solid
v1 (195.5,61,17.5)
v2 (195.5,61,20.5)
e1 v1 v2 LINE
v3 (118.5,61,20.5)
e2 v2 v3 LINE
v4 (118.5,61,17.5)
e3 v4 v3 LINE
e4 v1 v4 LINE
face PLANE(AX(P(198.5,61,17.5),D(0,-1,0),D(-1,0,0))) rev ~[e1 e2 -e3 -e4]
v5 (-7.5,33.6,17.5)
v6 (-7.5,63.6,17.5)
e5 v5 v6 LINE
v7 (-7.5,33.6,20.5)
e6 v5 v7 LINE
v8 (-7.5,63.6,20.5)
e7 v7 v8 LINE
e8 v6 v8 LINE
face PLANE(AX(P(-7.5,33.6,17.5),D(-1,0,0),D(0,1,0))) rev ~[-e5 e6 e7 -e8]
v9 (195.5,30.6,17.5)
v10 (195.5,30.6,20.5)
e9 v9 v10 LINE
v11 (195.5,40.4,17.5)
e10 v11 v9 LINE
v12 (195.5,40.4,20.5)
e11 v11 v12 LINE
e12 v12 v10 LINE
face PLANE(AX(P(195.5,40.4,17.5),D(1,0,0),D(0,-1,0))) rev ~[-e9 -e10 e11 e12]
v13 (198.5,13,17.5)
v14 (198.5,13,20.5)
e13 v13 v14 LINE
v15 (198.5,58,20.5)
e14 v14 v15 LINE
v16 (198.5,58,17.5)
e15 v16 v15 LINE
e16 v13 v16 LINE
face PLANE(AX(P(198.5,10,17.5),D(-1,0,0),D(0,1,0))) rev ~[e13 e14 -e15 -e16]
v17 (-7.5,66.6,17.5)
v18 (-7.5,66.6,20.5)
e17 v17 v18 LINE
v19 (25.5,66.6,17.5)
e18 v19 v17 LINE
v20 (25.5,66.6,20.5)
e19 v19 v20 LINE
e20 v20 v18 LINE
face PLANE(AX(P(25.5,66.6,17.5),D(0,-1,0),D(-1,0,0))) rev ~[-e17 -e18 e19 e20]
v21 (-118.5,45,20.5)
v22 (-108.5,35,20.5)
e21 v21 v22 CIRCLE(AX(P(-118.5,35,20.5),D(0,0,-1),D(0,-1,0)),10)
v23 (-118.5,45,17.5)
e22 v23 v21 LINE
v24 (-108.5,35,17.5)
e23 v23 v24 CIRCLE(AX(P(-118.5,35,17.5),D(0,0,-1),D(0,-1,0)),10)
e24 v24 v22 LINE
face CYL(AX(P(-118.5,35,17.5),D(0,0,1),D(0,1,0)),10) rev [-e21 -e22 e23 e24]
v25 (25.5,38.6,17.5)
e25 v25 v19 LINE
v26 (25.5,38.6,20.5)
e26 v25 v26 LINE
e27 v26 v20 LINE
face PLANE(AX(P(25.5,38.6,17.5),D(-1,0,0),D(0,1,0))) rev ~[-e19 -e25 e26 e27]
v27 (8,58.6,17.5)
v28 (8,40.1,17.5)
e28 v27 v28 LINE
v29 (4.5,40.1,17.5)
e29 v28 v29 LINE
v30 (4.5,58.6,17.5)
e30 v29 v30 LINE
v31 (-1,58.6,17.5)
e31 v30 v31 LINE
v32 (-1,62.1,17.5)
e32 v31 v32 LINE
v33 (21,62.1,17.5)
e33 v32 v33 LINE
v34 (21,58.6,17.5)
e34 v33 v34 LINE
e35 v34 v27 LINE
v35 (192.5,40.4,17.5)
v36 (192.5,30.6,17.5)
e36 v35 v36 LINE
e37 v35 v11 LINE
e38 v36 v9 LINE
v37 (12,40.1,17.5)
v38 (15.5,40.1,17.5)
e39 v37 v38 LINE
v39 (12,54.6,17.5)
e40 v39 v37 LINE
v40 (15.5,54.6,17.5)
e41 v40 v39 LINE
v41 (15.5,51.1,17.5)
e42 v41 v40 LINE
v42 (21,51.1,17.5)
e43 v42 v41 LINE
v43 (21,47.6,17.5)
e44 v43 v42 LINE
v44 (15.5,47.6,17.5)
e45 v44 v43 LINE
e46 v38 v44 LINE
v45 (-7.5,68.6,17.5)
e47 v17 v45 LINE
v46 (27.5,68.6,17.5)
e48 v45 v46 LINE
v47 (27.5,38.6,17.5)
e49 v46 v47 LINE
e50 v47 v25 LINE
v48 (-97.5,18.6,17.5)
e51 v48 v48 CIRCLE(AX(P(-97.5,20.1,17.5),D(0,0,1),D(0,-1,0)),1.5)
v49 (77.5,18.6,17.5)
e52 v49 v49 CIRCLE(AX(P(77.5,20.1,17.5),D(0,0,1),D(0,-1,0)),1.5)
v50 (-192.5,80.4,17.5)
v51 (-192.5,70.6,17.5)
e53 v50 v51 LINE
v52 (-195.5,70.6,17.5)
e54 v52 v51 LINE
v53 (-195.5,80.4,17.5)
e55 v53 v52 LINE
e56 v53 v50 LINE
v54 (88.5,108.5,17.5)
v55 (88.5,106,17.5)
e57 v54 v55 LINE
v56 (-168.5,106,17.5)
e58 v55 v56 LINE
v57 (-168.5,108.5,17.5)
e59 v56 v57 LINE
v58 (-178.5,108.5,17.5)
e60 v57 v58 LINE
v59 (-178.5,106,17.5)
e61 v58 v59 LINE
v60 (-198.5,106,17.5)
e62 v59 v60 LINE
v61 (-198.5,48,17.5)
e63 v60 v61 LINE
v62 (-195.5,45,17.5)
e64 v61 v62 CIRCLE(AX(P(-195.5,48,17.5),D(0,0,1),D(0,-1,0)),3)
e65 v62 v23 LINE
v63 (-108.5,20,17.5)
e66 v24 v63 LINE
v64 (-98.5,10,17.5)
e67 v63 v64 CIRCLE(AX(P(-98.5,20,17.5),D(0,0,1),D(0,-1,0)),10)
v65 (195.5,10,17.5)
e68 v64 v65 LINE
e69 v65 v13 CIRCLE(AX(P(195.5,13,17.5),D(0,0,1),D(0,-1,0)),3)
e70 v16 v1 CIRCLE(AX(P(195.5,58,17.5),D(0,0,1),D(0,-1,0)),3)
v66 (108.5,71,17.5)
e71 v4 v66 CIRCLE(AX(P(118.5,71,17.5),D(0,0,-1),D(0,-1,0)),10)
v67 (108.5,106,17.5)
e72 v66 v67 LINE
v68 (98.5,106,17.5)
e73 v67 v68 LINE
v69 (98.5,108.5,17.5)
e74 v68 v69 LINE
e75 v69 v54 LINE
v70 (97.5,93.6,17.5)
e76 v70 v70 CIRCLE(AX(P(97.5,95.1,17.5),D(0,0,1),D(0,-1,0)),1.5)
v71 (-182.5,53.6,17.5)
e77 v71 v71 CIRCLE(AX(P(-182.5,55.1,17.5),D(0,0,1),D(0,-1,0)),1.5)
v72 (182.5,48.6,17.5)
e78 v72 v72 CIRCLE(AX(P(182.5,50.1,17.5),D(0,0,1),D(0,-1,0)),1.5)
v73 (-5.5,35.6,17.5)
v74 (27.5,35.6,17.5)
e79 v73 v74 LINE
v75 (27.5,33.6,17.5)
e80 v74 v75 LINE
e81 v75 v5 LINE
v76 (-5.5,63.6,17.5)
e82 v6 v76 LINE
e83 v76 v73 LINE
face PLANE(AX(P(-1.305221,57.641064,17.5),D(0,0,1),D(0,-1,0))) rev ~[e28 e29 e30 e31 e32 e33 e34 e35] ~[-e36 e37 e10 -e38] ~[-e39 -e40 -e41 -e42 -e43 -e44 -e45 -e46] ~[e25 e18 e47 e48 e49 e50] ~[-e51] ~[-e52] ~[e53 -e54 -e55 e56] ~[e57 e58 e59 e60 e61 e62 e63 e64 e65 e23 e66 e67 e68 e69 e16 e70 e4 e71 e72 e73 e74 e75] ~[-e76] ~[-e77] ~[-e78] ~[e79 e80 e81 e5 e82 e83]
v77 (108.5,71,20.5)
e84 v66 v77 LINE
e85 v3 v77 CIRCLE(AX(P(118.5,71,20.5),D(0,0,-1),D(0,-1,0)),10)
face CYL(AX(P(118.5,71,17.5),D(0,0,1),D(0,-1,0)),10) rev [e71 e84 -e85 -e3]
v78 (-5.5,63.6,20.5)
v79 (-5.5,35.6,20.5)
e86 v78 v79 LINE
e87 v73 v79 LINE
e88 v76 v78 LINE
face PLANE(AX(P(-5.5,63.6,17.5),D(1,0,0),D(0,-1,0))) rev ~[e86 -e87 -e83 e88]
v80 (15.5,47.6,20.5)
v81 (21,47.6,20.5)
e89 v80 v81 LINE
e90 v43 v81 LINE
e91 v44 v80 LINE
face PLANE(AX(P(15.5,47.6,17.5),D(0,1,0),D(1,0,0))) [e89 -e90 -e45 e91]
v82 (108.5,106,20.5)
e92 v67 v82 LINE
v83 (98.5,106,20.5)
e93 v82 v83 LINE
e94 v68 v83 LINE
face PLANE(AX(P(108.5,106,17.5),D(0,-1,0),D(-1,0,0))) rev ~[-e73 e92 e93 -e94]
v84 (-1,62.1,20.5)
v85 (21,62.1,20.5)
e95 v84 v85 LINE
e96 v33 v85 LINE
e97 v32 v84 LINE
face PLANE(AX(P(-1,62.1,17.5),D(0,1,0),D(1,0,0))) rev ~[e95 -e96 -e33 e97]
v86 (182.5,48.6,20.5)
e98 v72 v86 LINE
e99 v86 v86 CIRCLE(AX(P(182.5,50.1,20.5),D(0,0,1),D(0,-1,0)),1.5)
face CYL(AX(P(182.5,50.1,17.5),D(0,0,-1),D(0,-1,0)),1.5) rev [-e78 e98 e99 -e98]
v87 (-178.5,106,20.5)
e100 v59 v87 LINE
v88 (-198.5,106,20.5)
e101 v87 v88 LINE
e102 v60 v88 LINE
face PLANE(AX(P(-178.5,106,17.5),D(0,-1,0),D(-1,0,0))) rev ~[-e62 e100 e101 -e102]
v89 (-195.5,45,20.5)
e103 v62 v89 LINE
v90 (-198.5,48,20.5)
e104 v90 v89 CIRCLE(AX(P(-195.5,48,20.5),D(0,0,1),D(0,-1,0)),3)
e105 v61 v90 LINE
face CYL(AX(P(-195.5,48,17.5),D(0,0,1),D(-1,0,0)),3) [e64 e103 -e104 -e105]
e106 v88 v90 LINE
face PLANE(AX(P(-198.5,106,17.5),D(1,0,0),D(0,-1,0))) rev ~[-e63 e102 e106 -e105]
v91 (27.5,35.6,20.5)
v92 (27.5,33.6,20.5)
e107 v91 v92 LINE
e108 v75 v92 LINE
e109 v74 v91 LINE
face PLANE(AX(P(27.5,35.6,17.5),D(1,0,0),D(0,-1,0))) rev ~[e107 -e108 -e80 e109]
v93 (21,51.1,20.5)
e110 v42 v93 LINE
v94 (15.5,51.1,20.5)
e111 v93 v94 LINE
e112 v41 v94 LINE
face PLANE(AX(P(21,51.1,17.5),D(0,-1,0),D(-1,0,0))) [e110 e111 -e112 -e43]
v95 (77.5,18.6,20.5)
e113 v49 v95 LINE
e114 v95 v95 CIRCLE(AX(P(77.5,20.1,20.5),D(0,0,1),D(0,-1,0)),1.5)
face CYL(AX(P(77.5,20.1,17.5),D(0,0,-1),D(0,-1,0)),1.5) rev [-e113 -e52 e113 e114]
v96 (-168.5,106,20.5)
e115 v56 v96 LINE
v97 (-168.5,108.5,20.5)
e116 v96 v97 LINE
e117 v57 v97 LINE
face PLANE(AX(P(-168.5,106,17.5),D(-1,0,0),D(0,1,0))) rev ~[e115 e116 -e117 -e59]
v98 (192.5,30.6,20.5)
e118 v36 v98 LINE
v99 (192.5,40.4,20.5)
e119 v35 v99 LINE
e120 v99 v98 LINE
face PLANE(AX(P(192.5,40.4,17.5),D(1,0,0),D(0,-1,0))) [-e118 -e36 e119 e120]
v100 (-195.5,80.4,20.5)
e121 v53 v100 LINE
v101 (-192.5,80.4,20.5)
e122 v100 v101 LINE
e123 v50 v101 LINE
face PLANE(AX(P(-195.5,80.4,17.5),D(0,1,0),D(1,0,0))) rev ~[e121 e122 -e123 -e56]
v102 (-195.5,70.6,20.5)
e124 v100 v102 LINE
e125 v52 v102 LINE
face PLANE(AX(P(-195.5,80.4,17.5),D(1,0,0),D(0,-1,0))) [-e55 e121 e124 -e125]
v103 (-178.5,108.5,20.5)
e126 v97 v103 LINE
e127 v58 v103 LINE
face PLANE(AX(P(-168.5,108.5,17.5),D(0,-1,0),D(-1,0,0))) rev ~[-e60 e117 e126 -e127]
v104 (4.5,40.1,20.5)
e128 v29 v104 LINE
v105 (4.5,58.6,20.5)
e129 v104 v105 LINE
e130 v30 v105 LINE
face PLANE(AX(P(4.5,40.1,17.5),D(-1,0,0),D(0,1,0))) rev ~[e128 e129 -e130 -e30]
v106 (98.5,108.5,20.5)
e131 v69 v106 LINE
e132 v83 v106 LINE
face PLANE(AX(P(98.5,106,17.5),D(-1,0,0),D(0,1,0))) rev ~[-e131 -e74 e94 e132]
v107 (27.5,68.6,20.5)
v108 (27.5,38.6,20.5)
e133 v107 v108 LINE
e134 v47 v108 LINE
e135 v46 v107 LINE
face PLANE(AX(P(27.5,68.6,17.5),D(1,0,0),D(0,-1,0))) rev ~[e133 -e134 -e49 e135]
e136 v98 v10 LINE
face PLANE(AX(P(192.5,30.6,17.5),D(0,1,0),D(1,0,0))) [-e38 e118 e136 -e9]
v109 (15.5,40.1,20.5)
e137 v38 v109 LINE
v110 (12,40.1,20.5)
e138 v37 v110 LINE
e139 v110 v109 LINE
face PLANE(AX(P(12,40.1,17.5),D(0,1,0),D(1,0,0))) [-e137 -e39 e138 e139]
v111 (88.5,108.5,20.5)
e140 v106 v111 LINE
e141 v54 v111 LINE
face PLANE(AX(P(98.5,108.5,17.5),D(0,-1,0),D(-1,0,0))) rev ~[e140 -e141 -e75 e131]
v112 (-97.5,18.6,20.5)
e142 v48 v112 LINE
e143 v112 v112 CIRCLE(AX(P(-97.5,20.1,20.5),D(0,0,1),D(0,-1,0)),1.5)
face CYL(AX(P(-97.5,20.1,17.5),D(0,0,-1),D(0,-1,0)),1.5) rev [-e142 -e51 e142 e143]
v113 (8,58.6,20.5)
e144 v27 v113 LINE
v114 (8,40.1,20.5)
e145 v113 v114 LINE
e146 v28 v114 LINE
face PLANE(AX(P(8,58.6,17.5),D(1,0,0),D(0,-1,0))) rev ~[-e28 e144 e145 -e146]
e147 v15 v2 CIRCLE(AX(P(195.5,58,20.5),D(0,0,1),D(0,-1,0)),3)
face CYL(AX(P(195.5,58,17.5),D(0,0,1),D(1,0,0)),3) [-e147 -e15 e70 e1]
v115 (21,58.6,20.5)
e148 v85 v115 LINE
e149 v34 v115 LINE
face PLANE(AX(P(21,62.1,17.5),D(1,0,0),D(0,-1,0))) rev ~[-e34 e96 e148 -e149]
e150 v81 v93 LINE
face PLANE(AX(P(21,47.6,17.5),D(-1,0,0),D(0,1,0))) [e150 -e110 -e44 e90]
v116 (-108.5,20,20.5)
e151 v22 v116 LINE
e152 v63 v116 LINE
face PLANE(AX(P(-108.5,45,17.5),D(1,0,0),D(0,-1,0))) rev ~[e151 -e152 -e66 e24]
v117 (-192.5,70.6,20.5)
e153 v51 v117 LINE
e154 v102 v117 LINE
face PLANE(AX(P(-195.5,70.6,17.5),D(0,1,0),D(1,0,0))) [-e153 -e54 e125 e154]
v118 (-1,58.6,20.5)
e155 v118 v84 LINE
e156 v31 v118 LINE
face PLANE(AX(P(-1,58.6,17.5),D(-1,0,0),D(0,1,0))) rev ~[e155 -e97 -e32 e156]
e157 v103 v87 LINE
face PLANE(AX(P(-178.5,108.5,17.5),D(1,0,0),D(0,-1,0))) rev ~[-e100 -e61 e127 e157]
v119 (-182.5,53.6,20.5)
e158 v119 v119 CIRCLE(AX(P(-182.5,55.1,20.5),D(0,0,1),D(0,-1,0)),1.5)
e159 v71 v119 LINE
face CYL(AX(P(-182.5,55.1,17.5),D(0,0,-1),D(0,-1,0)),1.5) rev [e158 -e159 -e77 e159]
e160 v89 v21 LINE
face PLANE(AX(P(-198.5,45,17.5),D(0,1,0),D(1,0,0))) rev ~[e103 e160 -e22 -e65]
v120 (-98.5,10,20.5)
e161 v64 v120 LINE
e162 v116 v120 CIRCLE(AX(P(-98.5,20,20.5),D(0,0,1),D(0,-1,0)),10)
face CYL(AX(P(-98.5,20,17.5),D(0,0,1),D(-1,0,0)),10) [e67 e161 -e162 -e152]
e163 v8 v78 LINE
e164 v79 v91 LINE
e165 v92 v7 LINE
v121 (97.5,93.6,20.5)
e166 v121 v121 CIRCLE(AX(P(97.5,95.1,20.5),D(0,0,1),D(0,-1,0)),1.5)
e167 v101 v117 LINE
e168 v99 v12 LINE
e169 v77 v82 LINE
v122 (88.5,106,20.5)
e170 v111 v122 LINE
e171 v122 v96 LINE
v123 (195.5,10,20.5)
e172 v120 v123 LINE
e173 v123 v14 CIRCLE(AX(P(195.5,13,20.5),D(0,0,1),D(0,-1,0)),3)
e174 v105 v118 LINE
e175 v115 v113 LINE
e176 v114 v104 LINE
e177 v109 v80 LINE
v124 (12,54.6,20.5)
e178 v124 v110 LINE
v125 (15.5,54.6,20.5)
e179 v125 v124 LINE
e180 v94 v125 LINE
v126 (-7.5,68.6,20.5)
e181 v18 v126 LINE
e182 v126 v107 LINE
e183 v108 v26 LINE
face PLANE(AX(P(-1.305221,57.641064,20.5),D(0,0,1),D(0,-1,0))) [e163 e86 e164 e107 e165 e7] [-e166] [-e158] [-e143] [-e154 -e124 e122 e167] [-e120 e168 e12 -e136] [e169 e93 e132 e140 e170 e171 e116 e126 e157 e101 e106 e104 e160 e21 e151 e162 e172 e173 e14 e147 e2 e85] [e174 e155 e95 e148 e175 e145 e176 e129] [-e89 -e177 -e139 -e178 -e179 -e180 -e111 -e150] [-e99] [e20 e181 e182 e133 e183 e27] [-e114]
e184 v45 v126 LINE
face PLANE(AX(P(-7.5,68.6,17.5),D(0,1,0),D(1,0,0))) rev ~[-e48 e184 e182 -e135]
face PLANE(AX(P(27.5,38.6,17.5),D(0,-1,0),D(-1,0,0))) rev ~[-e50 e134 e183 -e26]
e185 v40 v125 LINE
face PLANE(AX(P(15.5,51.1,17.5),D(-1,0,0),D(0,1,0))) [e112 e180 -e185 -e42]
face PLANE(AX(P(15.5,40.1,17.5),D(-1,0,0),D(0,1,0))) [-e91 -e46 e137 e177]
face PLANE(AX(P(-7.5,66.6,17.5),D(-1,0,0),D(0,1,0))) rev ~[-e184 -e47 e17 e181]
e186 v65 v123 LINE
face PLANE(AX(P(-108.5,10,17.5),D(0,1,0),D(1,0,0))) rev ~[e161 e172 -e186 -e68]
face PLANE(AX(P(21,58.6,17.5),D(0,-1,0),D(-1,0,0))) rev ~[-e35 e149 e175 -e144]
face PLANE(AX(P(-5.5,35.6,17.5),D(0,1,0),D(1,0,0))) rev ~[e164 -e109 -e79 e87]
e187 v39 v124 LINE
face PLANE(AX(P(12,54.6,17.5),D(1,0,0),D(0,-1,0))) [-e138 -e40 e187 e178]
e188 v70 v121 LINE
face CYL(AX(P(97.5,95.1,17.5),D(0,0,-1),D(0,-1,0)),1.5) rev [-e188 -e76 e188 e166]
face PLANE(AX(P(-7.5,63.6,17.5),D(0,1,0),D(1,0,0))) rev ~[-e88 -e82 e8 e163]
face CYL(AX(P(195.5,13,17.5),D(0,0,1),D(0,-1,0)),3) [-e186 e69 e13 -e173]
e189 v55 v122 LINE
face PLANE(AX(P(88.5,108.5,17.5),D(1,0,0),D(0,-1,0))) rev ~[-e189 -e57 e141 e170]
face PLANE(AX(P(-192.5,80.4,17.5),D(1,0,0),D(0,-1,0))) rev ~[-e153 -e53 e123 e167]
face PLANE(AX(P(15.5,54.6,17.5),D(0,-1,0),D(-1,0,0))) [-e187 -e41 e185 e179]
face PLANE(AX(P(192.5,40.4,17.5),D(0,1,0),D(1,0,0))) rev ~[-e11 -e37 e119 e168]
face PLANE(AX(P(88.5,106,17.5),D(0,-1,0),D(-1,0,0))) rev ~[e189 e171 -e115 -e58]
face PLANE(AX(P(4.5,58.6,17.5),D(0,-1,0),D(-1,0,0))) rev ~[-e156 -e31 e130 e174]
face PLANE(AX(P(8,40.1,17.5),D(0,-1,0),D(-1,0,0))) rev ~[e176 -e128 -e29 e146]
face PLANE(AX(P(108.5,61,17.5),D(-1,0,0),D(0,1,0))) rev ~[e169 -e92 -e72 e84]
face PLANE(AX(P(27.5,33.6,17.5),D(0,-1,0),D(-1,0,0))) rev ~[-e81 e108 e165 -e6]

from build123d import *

# Parameters (mm, degrees)
SKETCH001002018_R = 1.5
SKETCH001002018_W = 9.8
SKETCH001002018_H = 3
PAD020_DEPTH      = 3
FILLET031_R       = 3
FILLET032_R       = 10


with BuildPart() as part:
    # Sketch001002018 → Pad020 (new body)
    with BuildSketch(Plane(origin=(0, 45, 17.5), x_dir=(0, -1, 0), z_dir=(0, 0, 1))):
        Polygon((-61, -198.5), (0, -198.5), (0, -108.5), (35, -108.5), (35, 198.5), (-16, 198.5), (-16, 108.5), (-61, 108.5), (-61, 98.5), (-63.5, 98.5), (-63.5, 88.5), (-61, 88.5), (-61, -168.5), (-63.5, -168.5), (-63.5, -178.5), (-61, -178.5), align=None)
        with Locations((-50.1, 97.5)):
            Circle(SKETCH001002018_R, mode=Mode.SUBTRACT)
        with Locations((-5.1, 182.5)):
            Circle(SKETCH001002018_R, mode=Mode.SUBTRACT)
        with Locations((24.9, 77.5)):
            Circle(SKETCH001002018_R, mode=Mode.SUBTRACT)
        with Locations((-10.1, -182.5)):
            Circle(SKETCH001002018_R, mode=Mode.SUBTRACT)
        with Locations((24.9, -97.5)):
            Circle(SKETCH001002018_R, mode=Mode.SUBTRACT)
        with Locations((-30.5, -194)):
            Rectangle(SKETCH001002018_W, SKETCH001002018_H, mode=Mode.SUBTRACT)
        with Locations((9.5, 194)):
            Rectangle(SKETCH001002018_W, SKETCH001002018_H, mode=Mode.SUBTRACT)
        Polygon((-18.6, -7.5), (-18.6, -5.5), (9.4, -5.5), (9.4, 27.5), (11.4, 27.5), (11.4, -7.5), align=None, mode=Mode.SUBTRACT)
        Polygon((-21.6, -7.5), (-23.6, -7.5), (-23.6, 27.5), (6.4, 27.5), (6.4, 25.5), (-21.6, 25.5), align=None, mode=Mode.SUBTRACT)
        Polygon((-13.6, -1), (-17.1, -1), (-17.1, 21), (-13.6, 21), (-13.6, 8), (4.9, 8), (4.9, 4.5), (-13.6, 4.5), align=None, mode=Mode.SUBTRACT)
        Polygon((-9.6, 12), (4.9, 12), (4.9, 15.5), (-2.6, 15.5), (-2.6, 21), (-6.1, 21), (-6.1, 15.5), (-9.6, 15.5), align=None, mode=Mode.SUBTRACT)
    extrude(amount=PAD020_DEPTH)

    # Fillet031
    fillet031_edges = [part.edges().sort_by_distance(p)[0] for p in [
        (-198.5, 45, 19),
        (198.5, 10, 19),
        (198.5, 61, 19),
    ]]
    fillet(fillet031_edges, radius=FILLET031_R)

    # Fillet032
    fillet032_edges = [part.edges().sort_by_distance(p)[0] for p in [
        (-108.5, 45, 19),
        (-108.5, 10, 19),
        (108.5, 61, 19),
    ]]
    fillet(fillet032_edges, radius=FILLET032_R)


solid = part.part
